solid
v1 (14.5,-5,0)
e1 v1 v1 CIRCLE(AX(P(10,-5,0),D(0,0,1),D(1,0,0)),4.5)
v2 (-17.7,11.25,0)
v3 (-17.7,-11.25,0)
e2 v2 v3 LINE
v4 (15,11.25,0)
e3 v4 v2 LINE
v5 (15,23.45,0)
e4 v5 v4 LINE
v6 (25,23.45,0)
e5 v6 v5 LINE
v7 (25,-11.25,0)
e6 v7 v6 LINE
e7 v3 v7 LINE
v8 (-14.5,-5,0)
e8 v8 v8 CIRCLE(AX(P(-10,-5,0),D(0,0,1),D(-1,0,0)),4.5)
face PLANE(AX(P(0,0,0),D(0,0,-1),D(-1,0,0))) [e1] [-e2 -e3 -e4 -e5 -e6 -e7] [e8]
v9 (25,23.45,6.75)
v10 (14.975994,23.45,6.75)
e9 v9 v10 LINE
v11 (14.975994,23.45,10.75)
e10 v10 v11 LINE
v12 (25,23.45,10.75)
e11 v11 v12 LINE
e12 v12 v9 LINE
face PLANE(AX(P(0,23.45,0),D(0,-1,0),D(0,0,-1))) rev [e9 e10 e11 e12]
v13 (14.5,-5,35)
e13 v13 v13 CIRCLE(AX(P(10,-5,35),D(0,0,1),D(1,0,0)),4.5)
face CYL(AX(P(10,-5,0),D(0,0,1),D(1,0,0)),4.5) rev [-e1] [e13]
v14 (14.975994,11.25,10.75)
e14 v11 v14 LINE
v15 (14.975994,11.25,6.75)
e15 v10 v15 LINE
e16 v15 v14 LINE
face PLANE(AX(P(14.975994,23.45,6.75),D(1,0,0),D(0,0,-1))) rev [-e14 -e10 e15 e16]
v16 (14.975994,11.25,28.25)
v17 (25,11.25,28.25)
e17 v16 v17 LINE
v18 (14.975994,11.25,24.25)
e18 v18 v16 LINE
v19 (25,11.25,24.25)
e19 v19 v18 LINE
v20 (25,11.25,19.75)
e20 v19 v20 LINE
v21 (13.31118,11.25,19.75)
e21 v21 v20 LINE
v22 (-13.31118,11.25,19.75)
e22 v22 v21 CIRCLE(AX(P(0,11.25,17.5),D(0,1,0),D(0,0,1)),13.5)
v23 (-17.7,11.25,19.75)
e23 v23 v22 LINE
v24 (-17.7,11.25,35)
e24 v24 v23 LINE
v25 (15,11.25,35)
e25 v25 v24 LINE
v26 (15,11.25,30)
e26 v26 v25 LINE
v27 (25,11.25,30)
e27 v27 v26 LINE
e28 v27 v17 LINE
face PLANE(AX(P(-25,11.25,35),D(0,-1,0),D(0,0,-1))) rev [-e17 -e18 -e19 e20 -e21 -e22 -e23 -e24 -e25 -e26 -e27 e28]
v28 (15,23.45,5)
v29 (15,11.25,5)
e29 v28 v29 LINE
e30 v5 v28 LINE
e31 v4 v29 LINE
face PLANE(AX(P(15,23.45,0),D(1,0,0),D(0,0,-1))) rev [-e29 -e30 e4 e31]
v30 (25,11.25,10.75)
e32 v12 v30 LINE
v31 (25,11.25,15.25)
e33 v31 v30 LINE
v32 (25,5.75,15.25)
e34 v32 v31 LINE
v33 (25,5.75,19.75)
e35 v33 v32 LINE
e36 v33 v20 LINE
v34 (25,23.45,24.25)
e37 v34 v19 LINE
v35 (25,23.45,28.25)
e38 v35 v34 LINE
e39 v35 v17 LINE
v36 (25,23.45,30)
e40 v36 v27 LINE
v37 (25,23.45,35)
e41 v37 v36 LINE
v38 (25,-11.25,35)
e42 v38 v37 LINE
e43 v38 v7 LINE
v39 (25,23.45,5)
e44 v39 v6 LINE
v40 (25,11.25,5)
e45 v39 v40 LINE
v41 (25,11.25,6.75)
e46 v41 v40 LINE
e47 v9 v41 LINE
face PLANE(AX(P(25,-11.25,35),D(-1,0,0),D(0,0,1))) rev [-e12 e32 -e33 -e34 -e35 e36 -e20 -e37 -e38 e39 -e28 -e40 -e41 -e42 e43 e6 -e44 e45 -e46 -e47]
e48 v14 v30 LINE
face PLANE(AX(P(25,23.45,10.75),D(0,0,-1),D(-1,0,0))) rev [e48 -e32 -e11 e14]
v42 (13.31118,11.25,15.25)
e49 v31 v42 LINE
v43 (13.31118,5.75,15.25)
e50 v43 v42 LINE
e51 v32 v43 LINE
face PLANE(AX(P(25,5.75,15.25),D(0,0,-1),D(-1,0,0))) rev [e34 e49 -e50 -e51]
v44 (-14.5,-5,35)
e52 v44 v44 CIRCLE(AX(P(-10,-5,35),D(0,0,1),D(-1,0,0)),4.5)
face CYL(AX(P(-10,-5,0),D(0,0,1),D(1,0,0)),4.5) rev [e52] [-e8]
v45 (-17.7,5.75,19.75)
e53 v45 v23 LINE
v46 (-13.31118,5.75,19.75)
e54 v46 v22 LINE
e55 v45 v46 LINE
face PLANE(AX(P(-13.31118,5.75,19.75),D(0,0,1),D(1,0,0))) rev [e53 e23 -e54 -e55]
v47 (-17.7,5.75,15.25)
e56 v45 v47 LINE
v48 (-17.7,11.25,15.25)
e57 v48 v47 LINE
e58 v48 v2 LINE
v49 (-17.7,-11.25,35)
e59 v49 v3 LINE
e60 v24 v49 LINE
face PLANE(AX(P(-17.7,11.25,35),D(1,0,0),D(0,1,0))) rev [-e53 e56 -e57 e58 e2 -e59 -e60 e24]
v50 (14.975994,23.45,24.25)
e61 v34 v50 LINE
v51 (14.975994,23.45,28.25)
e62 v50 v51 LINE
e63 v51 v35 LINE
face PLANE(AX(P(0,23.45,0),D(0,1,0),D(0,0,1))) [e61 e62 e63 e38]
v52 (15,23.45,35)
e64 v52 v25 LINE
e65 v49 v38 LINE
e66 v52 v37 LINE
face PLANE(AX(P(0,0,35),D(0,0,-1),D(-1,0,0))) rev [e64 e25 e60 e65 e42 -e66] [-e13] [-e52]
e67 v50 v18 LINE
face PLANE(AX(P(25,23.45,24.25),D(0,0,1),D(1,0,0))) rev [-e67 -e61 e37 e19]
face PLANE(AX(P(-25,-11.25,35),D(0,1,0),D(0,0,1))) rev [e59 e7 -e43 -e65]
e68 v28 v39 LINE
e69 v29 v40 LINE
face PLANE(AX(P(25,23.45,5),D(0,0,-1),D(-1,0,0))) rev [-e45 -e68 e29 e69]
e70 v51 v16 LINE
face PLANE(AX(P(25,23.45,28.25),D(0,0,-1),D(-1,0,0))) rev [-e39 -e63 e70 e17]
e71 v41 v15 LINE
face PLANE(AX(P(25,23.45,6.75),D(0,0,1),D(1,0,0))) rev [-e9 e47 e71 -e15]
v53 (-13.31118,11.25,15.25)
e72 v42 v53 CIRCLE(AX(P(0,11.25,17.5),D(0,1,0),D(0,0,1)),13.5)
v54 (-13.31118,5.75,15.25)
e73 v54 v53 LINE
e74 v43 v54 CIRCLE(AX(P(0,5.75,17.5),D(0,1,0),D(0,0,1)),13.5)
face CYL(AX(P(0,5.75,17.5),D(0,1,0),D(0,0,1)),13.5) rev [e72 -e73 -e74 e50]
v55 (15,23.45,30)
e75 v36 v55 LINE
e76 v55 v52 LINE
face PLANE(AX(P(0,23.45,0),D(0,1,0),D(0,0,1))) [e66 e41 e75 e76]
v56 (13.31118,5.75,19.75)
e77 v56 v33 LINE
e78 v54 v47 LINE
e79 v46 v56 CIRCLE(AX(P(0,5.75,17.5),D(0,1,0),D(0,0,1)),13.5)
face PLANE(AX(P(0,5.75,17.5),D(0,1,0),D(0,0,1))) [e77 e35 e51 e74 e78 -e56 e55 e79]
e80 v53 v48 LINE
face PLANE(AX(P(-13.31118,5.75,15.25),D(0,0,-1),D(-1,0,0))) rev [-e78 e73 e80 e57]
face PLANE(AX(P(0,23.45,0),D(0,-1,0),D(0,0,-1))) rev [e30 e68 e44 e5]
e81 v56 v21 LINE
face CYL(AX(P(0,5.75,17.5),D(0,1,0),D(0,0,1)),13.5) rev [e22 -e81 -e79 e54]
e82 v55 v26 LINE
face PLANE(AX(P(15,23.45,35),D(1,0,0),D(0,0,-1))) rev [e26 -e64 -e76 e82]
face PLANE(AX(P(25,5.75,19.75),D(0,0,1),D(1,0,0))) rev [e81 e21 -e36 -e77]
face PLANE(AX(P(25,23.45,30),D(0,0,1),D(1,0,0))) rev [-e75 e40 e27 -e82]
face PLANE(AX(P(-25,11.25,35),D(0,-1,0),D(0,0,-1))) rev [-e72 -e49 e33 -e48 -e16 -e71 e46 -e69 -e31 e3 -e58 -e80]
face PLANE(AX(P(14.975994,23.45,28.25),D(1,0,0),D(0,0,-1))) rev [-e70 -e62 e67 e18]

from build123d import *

# Parameters (mm, degrees)
SKETCH1_W           = 50
SKETCH1_H           = 22.5
BOSS_EXTRUDE1_DEPTH = 35
SKETCH2_R           = 4.5
CUT_EXTRUDE1_DEPTH  = 35
CUT_EXTRUDE2_DEPTH  = 5.5
SKETCH4_W           = 10
SKETCH4_H           = 5
SKETCH4_W_2         = 10.024005515
SKETCH4_H_2         = 4
BOSS_EXTRUDE2_DEPTH = 12.2
SKETCH5_W           = 7.3
SKETCH5_H           = 22.5
CUT_EXTRUDE3_DEPTH  = 49.98879974


with BuildPart() as part:
    # Sketch1 → Boss-Extrude1 (new body)
    with BuildSketch(Plane.XY):
        Rectangle(SKETCH1_W, SKETCH1_H)
    extrude(amount=BOSS_EXTRUDE1_DEPTH)

    # Sketch2 → Cut-Extrude1 (cut)
    with BuildSketch(Plane.XY.offset(35)):
        with Locations((10, -5)):
            Circle(SKETCH2_R)
        with Locations(Location((-10, -5, 0), (0, 0, 180))):
            Circle(SKETCH2_R)
    extrude(amount=-CUT_EXTRUDE1_DEPTH, mode=Mode.SUBTRACT)

    # Sketch3 → Cut-Extrude2 (cut)
    with BuildSketch(Plane(origin=(0, 11.25, 0), x_dir=(1, 0, 0), z_dir=(0, 1, 0))):
        with BuildLine():
            Line((25, -19.75), (13.311179512, -19.75))
            ThreePointArc((13.311179512, -19.75), (0, -31), (-13.311179512, -19.75))
            Line((-13.311179512, -19.75), (-25, -19.75))
            Line((-25, -19.75), (-25, -15.25))
            Line((-25, -15.25), (-13.311179512, -15.25))
            ThreePointArc((-13.311179512, -15.25), (0, -4), (13.311179512, -15.25))
            Line((13.311179512, -15.25), (25, -15.25))
            Line((25, -15.25), (25, -19.75))
        make_face()
    extrude(amount=-CUT_EXTRUDE2_DEPTH, mode=Mode.SUBTRACT)

    # Sketch4 → Boss-Extrude2 (add)
    with BuildSketch(Plane(origin=(0, 11.25, 0), x_dir=(1, 0, 0), z_dir=(0, 1, 0))):
        with Locations((20, -2.5)):
            Rectangle(SKETCH4_W, SKETCH4_H)
        with Locations((19.987997243, -8.75)):
            Rectangle(SKETCH4_W_2, SKETCH4_H_2)
        with Locations((19.987997243, -26.25)):
            Rectangle(SKETCH4_W_2, SKETCH4_H_2)
        with Locations((20, -32.5)):
            Rectangle(SKETCH4_W, SKETCH4_H)
    extrude(amount=BOSS_EXTRUDE2_DEPTH)

    # Sketch5 → Cut-Extrude3 (cut, through all)
    with BuildSketch(Plane(origin=(0, 0, 0), x_dir=(-1, 0, 0), z_dir=(0, 0, -1))):
        with Locations((21.35, 0)):
            Rectangle(SKETCH5_W, SKETCH5_H)
    extrude(amount=-CUT_EXTRUDE3_DEPTH, mode=Mode.SUBTRACT)


solid = part.part
